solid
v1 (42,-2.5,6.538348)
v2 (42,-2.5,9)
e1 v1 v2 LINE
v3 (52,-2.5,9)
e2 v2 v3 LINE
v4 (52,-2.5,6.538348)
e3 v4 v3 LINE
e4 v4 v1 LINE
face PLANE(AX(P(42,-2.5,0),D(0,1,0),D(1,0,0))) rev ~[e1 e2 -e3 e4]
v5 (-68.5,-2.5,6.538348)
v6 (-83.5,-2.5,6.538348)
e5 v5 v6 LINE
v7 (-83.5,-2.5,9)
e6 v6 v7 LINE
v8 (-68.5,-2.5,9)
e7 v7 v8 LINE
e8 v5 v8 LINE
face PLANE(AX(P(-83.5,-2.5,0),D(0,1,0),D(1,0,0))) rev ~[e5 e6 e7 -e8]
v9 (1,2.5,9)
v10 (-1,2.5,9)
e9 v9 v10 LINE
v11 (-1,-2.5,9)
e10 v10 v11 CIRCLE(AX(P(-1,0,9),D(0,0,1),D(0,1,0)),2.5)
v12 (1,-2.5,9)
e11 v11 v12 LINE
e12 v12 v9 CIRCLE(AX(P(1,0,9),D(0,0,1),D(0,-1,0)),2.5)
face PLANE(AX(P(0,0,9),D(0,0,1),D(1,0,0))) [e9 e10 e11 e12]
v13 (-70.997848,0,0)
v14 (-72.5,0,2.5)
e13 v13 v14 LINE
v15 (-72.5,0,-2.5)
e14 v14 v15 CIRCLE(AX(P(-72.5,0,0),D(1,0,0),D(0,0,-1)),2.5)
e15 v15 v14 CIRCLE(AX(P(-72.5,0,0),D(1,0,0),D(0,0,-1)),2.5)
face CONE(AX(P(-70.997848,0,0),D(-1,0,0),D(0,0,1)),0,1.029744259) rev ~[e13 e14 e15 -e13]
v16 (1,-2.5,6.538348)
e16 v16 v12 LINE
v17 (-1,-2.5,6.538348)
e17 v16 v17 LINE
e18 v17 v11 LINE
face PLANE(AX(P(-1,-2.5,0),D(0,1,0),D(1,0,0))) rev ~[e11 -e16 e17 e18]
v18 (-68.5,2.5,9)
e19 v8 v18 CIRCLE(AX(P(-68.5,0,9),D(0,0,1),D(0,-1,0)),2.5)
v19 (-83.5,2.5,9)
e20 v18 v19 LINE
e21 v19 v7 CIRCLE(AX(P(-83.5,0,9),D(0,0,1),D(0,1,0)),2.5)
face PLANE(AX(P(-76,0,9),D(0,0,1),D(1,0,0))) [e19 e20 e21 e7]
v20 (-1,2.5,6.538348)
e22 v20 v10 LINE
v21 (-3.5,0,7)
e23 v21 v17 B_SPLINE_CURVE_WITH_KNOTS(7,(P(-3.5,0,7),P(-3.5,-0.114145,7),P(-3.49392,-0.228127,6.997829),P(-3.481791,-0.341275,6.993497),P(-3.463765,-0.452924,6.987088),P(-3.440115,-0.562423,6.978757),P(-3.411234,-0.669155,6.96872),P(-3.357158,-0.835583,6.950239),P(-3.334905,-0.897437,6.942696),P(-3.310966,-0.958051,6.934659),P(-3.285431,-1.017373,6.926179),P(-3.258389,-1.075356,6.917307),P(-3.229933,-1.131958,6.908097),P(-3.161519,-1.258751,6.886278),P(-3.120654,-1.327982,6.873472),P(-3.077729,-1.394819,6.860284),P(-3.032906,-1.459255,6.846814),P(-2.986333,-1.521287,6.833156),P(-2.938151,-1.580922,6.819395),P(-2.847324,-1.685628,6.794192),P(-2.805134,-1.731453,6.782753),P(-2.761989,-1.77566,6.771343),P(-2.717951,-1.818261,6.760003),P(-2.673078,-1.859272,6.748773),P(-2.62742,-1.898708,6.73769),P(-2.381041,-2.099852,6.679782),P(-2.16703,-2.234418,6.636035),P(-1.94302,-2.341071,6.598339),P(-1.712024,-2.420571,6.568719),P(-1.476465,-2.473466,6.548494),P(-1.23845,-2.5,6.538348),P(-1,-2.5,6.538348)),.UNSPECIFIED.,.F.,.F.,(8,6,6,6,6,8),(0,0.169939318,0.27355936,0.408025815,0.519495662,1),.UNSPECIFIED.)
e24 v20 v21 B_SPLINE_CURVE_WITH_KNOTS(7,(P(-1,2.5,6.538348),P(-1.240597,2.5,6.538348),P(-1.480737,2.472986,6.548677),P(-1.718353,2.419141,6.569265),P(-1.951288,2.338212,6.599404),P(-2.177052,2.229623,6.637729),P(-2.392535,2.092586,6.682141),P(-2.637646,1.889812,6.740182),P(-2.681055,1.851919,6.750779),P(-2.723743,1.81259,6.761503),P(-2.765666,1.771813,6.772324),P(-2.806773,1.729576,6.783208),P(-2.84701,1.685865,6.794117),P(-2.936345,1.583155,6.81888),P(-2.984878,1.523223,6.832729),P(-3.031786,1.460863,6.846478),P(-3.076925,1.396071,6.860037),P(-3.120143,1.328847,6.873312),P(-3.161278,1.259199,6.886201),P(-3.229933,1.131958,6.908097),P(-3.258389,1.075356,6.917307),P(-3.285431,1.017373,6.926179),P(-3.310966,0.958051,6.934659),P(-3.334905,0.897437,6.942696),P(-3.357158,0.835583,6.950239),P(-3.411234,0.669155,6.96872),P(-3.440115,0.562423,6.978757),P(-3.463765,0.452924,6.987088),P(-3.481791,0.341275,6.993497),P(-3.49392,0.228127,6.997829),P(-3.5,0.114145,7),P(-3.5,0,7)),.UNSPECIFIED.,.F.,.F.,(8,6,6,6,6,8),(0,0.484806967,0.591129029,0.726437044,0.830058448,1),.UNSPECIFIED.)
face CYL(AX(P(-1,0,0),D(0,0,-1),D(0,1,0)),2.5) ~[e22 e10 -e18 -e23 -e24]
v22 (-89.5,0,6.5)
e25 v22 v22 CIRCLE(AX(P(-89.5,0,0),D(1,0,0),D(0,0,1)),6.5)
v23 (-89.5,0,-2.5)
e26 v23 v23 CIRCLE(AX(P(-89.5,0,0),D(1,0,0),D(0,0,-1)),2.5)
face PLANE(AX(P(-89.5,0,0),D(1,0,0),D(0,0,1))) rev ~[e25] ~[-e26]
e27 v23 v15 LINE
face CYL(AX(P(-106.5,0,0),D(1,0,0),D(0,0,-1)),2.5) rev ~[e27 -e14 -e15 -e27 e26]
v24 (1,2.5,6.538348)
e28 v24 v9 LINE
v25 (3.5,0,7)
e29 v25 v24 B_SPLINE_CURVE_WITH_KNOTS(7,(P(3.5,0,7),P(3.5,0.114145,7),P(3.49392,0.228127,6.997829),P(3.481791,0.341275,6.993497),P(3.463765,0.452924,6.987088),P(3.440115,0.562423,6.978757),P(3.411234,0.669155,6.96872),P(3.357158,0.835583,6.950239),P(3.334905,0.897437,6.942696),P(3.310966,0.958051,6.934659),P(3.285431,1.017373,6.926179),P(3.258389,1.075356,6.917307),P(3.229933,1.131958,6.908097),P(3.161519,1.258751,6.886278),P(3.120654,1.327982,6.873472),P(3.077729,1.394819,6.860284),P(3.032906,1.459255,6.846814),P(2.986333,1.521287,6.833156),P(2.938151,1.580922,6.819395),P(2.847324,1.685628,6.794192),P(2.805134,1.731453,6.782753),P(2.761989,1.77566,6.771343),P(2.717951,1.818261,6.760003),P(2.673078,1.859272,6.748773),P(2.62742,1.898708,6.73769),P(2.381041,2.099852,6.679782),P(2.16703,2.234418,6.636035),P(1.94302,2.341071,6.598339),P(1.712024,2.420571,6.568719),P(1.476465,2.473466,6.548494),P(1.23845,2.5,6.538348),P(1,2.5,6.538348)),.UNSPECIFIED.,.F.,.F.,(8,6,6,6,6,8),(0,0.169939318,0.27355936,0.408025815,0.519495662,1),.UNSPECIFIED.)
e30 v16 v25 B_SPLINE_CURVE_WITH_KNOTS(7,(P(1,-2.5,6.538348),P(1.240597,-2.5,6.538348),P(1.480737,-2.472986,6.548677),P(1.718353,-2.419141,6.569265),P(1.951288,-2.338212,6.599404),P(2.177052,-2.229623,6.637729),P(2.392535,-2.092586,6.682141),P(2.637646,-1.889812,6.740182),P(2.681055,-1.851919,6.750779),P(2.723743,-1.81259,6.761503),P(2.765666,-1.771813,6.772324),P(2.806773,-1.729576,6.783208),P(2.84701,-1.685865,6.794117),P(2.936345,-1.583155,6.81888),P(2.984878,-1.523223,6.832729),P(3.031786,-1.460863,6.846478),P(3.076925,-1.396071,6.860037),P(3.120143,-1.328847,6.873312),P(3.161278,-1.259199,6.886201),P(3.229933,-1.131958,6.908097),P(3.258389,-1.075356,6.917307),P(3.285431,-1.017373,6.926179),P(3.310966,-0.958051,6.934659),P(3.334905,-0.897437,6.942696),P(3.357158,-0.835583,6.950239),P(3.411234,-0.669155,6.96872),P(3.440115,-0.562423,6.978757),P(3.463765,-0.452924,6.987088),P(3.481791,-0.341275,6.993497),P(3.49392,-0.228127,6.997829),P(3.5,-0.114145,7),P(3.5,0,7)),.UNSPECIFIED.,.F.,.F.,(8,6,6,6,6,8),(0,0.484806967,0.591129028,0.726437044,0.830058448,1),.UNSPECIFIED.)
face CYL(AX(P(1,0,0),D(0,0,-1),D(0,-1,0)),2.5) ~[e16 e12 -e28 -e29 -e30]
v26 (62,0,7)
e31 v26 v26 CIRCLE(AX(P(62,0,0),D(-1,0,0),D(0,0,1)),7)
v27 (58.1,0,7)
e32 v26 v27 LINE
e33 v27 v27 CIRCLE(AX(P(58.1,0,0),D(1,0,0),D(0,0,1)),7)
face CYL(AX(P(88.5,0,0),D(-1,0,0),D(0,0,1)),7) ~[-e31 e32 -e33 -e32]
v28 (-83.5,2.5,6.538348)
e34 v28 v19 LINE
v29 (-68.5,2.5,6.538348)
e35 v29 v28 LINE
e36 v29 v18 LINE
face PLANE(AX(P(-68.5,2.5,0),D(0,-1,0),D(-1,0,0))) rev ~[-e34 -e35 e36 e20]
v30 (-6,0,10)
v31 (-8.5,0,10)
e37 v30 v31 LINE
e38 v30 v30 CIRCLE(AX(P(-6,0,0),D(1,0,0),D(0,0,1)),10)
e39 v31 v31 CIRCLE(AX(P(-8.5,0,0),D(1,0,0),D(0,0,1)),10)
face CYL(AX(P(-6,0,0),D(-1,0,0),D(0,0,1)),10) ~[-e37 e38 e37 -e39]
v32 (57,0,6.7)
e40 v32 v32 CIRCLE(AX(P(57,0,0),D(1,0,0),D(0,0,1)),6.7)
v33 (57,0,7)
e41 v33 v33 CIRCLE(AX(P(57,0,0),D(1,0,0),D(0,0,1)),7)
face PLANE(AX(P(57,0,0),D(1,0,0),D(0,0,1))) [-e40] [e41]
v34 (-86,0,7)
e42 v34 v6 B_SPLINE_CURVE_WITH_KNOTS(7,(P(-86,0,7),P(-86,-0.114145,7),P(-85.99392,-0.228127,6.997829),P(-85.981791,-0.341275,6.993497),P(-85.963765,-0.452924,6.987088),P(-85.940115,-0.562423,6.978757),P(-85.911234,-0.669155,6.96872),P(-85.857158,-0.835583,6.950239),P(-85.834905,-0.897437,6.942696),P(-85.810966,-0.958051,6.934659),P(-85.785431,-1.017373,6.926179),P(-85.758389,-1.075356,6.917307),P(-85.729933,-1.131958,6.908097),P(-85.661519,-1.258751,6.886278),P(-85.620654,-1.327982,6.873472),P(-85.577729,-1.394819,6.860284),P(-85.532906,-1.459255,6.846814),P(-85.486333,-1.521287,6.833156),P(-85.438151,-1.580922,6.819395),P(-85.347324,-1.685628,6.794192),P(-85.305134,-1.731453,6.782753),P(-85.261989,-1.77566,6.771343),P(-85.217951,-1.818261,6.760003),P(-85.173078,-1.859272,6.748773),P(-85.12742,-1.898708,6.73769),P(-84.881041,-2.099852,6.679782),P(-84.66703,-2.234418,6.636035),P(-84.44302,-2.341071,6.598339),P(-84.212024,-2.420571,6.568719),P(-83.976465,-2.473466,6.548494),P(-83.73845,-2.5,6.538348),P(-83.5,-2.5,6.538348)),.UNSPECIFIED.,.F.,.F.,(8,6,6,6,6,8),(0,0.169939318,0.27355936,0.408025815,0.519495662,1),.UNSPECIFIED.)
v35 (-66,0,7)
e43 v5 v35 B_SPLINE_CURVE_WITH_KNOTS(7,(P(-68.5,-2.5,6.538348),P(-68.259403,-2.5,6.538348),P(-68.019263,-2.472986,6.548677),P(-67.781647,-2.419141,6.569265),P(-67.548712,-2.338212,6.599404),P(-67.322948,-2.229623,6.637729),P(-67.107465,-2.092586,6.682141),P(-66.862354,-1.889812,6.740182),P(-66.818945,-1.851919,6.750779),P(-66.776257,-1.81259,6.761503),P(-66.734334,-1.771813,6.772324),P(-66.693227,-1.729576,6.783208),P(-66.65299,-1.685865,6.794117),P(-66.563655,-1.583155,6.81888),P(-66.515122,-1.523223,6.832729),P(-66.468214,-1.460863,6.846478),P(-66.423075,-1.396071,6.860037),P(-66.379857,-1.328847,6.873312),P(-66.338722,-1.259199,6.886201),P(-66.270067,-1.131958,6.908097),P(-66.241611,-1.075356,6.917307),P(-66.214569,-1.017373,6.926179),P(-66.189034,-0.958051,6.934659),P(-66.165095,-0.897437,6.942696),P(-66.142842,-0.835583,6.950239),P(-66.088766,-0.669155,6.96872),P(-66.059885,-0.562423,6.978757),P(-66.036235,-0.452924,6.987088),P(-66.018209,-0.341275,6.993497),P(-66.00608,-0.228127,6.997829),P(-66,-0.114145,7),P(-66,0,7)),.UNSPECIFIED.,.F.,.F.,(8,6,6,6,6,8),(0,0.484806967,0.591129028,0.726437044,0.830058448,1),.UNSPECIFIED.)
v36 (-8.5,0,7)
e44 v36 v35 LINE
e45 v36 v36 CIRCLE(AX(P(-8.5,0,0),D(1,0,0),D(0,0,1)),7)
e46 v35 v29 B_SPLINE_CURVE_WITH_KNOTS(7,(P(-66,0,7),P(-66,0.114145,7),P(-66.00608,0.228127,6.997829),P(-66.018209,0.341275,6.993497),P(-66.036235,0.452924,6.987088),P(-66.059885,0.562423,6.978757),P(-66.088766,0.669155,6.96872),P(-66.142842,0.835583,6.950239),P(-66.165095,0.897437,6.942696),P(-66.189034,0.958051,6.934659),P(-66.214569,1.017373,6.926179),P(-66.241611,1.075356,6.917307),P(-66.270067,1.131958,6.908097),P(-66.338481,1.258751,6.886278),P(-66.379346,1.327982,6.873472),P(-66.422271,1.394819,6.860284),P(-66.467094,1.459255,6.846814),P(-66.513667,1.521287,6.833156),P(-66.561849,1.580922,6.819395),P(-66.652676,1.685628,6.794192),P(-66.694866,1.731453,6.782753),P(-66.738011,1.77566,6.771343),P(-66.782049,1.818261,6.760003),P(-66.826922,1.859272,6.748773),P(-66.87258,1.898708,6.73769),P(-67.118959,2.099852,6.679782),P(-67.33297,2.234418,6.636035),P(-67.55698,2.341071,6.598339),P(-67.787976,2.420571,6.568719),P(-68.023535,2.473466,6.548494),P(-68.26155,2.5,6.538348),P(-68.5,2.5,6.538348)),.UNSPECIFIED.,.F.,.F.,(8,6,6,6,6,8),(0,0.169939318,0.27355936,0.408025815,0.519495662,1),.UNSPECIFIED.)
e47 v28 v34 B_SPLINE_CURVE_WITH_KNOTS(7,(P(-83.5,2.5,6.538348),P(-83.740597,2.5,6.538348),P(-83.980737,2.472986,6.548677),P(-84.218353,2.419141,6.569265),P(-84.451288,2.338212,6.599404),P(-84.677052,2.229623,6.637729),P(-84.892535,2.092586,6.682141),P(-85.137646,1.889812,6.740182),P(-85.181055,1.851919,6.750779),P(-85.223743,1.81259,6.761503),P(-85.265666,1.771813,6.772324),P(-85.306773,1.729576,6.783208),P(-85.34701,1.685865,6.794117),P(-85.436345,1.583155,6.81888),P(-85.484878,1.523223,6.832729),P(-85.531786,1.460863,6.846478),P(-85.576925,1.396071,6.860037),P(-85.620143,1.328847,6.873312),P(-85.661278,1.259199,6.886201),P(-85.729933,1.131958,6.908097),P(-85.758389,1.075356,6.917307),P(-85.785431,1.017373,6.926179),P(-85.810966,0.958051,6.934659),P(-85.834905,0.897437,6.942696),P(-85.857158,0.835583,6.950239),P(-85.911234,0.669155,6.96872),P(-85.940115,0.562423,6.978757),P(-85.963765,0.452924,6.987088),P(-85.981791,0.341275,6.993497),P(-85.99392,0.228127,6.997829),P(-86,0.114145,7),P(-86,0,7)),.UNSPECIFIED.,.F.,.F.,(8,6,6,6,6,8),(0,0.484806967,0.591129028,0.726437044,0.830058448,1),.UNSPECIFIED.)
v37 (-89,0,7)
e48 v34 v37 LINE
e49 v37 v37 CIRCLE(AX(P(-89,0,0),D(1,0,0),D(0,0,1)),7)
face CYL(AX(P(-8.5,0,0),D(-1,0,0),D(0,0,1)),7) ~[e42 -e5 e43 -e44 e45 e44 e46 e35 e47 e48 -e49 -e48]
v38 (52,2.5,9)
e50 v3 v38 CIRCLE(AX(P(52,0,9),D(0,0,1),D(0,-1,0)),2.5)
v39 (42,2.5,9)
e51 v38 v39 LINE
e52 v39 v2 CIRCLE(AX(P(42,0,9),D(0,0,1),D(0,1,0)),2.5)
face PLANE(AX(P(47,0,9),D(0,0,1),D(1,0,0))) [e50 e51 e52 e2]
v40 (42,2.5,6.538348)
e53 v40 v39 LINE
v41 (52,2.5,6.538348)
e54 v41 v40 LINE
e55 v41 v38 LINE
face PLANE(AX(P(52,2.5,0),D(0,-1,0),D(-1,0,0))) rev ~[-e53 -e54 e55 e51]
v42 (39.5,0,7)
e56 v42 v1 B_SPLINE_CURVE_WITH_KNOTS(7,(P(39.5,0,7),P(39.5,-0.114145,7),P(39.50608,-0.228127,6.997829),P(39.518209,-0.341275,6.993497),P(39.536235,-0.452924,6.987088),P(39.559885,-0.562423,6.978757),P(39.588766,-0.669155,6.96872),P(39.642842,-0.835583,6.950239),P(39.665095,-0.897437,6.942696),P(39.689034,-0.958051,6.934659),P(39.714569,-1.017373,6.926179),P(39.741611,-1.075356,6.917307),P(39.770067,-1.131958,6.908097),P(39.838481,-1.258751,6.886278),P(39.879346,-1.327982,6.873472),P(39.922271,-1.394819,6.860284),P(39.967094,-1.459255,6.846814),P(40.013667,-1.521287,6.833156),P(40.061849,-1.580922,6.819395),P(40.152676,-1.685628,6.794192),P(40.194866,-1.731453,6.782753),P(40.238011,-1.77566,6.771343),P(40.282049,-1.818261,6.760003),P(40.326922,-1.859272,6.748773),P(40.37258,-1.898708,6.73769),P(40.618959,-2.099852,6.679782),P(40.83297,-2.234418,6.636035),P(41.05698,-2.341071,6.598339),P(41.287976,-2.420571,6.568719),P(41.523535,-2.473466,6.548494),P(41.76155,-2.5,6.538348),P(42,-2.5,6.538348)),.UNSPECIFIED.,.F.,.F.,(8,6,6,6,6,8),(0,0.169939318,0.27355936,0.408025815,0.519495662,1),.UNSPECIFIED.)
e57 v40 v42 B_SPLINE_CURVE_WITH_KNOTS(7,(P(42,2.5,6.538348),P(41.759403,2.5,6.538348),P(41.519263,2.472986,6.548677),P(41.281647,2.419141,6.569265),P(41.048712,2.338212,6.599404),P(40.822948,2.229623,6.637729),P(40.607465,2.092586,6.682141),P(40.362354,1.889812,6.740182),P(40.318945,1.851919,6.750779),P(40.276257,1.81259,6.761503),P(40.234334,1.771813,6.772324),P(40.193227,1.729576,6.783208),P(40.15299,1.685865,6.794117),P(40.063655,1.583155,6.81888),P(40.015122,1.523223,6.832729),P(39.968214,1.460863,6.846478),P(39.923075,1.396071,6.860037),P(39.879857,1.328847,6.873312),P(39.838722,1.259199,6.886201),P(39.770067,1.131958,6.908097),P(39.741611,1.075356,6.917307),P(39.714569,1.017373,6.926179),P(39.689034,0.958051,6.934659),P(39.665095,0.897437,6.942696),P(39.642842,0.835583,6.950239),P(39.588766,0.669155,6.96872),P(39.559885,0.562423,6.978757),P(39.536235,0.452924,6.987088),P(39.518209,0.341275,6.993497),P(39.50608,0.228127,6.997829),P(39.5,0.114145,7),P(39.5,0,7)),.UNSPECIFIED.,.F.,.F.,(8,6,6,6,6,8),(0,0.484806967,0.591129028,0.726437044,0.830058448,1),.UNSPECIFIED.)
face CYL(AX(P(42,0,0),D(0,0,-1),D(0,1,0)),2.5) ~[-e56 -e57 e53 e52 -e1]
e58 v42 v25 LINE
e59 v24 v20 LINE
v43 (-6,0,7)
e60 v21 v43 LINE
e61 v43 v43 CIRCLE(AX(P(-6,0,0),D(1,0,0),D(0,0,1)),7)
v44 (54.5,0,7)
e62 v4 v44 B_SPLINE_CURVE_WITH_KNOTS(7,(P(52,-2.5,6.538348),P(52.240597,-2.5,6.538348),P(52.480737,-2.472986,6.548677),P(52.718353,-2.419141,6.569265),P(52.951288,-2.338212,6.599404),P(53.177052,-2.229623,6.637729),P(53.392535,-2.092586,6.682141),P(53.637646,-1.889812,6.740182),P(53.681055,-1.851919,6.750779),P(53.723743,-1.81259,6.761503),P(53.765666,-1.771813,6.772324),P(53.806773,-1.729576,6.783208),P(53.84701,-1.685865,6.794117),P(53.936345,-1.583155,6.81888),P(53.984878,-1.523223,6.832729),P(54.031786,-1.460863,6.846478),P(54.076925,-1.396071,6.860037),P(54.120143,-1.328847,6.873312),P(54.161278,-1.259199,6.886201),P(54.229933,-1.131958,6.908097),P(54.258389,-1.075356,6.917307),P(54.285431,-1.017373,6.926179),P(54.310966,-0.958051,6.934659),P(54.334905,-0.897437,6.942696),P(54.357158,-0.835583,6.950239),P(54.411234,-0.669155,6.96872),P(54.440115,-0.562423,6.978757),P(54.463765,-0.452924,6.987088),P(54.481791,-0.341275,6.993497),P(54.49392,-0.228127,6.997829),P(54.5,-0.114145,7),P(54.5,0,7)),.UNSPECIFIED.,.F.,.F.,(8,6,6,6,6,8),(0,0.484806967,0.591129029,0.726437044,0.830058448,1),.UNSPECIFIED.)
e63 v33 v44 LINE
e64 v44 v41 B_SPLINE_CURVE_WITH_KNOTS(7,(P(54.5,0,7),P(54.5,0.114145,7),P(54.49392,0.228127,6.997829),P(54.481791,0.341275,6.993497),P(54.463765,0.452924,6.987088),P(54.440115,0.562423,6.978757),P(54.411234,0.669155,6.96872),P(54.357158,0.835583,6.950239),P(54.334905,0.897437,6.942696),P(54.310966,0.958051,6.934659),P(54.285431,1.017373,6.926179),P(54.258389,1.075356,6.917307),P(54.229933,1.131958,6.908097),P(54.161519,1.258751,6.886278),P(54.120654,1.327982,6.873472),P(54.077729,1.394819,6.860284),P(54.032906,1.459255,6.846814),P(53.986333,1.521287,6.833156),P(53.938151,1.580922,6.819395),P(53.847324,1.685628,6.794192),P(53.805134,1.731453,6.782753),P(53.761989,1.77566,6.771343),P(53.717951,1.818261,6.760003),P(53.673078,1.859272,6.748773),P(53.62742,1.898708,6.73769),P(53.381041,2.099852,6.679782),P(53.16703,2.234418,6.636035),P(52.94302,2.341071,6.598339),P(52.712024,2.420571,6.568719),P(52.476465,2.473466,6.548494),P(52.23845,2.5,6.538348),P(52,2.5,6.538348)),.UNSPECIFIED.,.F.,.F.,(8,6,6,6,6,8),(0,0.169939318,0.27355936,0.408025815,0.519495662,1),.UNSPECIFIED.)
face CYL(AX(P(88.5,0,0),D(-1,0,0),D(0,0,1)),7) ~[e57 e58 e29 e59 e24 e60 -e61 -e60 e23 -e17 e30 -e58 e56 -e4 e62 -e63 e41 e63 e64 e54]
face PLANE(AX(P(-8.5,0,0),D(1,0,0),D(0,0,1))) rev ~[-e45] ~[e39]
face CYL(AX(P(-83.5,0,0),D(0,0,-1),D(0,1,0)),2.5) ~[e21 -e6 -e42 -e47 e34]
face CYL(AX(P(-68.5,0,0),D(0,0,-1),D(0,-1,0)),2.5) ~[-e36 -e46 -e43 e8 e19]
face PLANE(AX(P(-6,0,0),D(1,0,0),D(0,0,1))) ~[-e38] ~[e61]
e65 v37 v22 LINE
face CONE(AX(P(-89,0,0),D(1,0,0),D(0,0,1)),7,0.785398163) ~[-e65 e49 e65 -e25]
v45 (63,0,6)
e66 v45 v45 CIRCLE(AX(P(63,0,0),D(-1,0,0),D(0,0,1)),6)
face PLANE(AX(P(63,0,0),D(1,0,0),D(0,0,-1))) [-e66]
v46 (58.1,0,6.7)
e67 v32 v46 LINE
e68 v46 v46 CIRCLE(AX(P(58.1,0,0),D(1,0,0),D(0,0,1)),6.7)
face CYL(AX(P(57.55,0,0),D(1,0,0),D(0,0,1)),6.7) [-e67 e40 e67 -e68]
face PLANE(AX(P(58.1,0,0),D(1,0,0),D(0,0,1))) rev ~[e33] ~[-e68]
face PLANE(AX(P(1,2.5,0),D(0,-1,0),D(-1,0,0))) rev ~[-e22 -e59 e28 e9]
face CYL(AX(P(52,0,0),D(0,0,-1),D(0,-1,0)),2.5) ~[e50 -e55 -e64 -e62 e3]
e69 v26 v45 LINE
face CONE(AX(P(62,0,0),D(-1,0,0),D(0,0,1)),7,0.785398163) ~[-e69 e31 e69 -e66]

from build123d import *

# Parameters (mm, degrees)
EXTRUDE_1_DEPTH        = 9
SKETCH_3_R             = 15
CUT_EXTRUDE_1_DEPTH    = 26.5
HOLE_WIZARD_M6_1_D     = 5
HOLE_WIZARD_M6_1_DEPTH = 17
HOLE_WIZARD_M6_1_TIP   = 1.502151548
CHAMFER_1_SIZE         = 1
SKETCH_6_W             = 1.1
SKETCH_6_H             = 0.3


with BuildPart() as part:
    # 草图1 → 旋转1 (revolve)
    with BuildSketch(Plane.XY, mode=Mode.PRIVATE) as revolve_1_sk:
        Polygon((-89.5, 0), (89.5, 0), (89.5, 6), (88.5, 7), (-6, 7), (-6, 10), (-8.5, 10), (-8.5, 7), (-89, 7), (-89.5, 6.5), align=None)
    revolve(revolve_1_sk.sketch.rotate(Axis((-89.5, 0, 0), (1, 0, 0)), 90), axis=Axis((-89.5, 0, 0), (1, 0, 0)))

    # 草图2 → 凸台-拉伸1 (add)
    with BuildSketch(Plane.XY):
        with BuildLine():
            Line((68.5, -2.5), (83.5, -2.5))
            ThreePointArc((83.5, -2.5), (86, 0), (83.5, 2.5))
            Line((83.5, 2.5), (68.5, 2.5))
            ThreePointArc((68.5, 2.5), (66, 0), (68.5, -2.5))
        make_face()
        with BuildLine():
            ThreePointArc((-83.5, 2.5), (-86, 0), (-83.5, -2.5))
            Line((-83.5, -2.5), (-68.5, -2.5))
            ThreePointArc((-68.5, -2.5), (-66, 0), (-68.5, 2.5))
            Line((-68.5, 2.5), (-83.5, 2.5))
        make_face()
        with BuildLine():
            Line((1, 2.5), (-1, 2.5))
            ThreePointArc((-1, 2.5), (-3.5, 0), (-1, -2.5))
            Line((-1, -2.5), (1, -2.5))
            ThreePointArc((1, -2.5), (3.5, 0), (1, 2.5))
        make_face()
        with BuildLine():
            Line((52, 2.5), (42, 2.5))
            ThreePointArc((42, 2.5), (39.5, 0), (42, -2.5))
            Line((42, -2.5), (52, -2.5))
            ThreePointArc((52, -2.5), (54.5, 0), (52, 2.5))
        make_face()
    extrude(amount=EXTRUDE_1_DEPTH)

    # 草图3 → 切除-拉伸1 (cut)
    with BuildSketch(Plane(origin=(89.5, 0, 0), x_dir=(0, 0, -1), z_dir=(1, 0, 0))):
        Circle(SKETCH_3_R)
    extrude(amount=-CUT_EXTRUDE_1_DEPTH, mode=Mode.SUBTRACT)

    # M6 螺纹孔1
    with Locations(Plane.ZY.offset(89.5)):
        with Locations((0, 0)):
            Hole(HOLE_WIZARD_M6_1_D / 2, depth=HOLE_WIZARD_M6_1_DEPTH)
            with Locations((0, 0, -(HOLE_WIZARD_M6_1_DEPTH + HOLE_WIZARD_M6_1_TIP / 2))):  # 118° drill point
                Cone(0, HOLE_WIZARD_M6_1_D / 2, HOLE_WIZARD_M6_1_TIP, mode=Mode.SUBTRACT)

    # 倒角1
    chamfer_1_edges = [part.edges().sort_by_distance(p)[0] for p in [
        (63, 0, -7),
    ]]
    chamfer(chamfer_1_edges, length=CHAMFER_1_SIZE)

    # 草图6 → 切除-旋转1 (revolve, cut)
    with BuildSketch(Plane.XY, mode=Mode.PRIVATE) as cut_revolve_1_sk:
        with Locations((57.55, -6.85)):
            Rectangle(SKETCH_6_W, SKETCH_6_H)
    revolve(cut_revolve_1_sk.sketch.rotate(Axis((0, 0, 0), (1, 0, 0)), 270), axis=Axis((0, 0, 0), (1, 0, 0)), mode=Mode.SUBTRACT)


solid = part.part
